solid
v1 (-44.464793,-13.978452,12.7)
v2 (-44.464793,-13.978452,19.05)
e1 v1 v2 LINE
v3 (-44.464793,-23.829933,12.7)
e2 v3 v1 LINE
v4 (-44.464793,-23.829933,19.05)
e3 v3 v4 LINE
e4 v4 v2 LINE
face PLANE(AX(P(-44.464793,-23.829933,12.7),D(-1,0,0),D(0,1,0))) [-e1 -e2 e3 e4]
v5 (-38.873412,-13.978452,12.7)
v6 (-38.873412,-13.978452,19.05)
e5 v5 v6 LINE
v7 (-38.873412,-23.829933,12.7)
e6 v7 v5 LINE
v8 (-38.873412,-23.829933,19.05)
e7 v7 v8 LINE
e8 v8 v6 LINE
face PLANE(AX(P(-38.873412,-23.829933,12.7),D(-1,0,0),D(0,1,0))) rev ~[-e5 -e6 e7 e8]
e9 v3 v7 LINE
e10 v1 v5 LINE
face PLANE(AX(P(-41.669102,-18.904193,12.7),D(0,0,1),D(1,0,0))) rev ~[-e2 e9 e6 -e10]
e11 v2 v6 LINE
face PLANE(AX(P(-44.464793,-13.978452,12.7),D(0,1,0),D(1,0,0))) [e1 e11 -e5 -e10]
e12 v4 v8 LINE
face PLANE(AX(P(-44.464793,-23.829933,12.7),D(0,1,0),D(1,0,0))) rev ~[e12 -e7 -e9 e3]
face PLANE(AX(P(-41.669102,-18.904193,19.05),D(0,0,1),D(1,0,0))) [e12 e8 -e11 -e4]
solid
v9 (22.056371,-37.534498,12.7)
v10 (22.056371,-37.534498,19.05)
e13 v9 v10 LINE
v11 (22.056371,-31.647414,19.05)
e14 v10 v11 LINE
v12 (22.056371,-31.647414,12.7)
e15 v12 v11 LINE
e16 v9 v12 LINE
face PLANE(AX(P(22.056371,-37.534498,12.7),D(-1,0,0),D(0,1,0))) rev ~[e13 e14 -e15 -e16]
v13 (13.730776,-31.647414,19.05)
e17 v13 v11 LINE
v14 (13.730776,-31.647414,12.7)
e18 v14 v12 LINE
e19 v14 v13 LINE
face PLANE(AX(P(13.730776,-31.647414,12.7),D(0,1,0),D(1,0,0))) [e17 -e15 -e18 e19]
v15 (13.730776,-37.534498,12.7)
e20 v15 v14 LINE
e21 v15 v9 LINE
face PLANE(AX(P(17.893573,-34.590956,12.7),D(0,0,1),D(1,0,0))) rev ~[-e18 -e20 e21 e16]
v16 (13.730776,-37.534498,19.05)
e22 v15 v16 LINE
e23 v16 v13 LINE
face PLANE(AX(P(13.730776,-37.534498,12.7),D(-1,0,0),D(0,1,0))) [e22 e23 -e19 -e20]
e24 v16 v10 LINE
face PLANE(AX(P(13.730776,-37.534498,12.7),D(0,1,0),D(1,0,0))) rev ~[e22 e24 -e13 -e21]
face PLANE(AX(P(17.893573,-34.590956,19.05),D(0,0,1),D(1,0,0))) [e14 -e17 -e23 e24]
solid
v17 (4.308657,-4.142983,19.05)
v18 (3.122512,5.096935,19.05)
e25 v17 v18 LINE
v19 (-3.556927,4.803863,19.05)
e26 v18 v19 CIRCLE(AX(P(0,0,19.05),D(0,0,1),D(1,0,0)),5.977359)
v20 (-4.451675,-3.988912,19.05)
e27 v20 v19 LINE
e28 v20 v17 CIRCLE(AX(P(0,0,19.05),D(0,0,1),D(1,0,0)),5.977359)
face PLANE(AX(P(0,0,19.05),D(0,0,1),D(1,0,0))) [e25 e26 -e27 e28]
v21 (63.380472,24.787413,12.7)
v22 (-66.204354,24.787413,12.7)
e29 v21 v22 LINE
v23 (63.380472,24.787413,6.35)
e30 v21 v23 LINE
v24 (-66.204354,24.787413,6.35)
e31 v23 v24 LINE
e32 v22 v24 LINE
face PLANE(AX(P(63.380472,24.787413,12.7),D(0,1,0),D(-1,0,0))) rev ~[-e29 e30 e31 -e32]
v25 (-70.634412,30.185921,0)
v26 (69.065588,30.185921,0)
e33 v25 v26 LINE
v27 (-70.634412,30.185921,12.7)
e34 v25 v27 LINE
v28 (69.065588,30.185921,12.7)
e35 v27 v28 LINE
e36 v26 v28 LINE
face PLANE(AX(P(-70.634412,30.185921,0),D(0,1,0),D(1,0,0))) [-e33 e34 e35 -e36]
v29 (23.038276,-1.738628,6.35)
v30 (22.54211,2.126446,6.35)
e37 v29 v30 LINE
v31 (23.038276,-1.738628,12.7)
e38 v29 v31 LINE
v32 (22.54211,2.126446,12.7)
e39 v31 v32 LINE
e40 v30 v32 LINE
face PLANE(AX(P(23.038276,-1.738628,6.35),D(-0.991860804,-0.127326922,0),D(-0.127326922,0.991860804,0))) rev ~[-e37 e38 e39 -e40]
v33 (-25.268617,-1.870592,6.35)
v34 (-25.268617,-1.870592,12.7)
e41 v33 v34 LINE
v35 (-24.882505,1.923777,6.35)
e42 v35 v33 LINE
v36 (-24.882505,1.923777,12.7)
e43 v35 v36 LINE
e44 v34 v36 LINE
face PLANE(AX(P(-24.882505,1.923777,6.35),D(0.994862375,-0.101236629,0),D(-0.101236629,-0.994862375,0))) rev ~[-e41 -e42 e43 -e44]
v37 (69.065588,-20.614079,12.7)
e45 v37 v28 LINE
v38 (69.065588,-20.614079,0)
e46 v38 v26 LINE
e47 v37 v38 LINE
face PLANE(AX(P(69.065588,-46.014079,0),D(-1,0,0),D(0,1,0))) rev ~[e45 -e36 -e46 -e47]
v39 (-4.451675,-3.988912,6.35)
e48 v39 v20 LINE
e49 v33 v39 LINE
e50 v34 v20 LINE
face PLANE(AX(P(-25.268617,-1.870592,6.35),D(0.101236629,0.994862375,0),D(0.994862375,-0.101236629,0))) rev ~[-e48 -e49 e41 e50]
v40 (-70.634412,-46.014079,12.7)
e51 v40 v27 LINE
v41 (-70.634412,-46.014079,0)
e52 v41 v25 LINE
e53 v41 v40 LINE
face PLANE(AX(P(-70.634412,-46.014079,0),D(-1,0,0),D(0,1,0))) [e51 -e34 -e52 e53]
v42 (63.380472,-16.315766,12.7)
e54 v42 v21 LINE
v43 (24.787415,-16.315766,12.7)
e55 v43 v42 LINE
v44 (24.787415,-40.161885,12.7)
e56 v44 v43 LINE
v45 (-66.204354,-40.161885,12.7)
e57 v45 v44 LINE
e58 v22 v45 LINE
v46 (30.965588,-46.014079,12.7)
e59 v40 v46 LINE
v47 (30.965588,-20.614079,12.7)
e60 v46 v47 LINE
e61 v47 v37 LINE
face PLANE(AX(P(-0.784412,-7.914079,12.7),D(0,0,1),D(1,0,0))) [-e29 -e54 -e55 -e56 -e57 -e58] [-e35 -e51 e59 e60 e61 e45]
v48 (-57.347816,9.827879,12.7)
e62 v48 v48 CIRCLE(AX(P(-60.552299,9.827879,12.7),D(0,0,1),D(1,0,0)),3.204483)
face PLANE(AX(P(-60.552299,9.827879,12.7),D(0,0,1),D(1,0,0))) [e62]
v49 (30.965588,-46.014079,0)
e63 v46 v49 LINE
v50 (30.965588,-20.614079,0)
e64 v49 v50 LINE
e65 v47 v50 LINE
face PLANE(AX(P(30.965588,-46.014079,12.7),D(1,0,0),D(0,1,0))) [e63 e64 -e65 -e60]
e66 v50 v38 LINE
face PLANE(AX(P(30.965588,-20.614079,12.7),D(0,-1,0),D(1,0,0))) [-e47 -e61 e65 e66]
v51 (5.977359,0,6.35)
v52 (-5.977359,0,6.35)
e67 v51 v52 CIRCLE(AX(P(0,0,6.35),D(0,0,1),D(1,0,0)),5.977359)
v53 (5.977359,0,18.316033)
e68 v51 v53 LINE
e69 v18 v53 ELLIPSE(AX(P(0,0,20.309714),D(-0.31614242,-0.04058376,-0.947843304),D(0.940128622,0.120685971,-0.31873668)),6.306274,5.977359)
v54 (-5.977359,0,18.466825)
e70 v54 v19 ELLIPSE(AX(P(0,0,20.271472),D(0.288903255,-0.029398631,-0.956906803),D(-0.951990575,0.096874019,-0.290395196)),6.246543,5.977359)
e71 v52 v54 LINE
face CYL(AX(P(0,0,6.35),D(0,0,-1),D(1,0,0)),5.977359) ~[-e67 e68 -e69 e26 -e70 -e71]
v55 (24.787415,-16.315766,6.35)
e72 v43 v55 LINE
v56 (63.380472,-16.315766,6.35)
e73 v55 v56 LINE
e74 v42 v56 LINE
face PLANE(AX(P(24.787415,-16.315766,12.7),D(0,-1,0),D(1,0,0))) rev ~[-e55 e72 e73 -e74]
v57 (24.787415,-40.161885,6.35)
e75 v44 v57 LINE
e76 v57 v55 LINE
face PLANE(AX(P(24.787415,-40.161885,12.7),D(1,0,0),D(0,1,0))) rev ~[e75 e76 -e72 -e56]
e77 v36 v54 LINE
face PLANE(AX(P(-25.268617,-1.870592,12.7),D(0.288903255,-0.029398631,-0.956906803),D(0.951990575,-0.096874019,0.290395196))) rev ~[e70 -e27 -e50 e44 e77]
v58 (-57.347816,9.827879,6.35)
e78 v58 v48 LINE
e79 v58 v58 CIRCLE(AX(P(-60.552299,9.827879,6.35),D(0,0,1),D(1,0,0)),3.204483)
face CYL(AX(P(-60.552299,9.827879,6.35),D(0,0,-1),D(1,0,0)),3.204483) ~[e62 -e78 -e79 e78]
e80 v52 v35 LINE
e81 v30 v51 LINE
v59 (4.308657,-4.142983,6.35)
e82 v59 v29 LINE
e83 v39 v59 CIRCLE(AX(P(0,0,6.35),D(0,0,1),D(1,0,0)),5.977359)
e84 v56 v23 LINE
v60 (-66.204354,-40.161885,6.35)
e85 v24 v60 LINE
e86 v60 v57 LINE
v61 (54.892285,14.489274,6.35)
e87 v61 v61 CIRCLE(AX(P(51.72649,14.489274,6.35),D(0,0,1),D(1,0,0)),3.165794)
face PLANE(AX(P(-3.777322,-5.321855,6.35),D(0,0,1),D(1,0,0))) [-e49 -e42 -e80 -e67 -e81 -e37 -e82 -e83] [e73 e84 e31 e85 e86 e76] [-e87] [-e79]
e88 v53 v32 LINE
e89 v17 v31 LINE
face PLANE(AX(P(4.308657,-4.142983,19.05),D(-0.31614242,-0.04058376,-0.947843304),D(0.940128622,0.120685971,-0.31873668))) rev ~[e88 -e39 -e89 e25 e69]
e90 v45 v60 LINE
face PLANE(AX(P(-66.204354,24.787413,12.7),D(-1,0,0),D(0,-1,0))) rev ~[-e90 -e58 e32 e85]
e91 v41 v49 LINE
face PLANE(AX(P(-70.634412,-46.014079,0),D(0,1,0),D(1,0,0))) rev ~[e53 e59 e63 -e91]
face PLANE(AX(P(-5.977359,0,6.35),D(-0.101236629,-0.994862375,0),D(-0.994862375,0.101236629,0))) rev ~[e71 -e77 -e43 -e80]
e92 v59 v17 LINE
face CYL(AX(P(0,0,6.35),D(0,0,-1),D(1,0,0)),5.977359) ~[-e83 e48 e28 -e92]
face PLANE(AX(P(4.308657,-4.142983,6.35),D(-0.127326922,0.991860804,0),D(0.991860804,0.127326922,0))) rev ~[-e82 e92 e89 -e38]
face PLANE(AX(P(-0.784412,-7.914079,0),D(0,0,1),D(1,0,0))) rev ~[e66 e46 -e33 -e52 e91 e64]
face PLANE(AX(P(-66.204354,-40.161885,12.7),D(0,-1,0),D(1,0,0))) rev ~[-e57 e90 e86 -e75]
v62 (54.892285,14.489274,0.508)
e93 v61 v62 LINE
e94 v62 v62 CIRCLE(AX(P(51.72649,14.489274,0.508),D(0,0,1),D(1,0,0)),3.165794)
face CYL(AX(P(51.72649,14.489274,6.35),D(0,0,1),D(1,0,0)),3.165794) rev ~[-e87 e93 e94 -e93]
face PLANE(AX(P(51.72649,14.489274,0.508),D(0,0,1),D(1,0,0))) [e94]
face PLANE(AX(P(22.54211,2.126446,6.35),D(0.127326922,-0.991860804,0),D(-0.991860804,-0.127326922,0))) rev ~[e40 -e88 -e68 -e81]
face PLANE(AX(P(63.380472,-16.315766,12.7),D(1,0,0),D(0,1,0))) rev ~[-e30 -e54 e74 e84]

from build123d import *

# Parameters (mm, degrees)
F0_W      = 139.7
F0_H      = 76.2
F1_DEPTH  = 12.7
F2_W      = 38.1
F2_H      = 25.4
F3_DEPTH  = 25.4
F5_DEPTH  = 6.35
F6_R      = 5.9773594724
F7_DEPTH  = 12.7
F9_DEPTH  = 12.7
F10_R     = 3.1657943016
F11_DEPTH = 5.842
F12_R     = 3.2044828245
F13_DEPTH = 6.35
F15_DEPTH = 25.4
F17_DEPTH = 25.4
F18_W     = 8.3255954087
F18_H     = 5.8870837092
F19_DEPTH = 6.35
F20_W     = 5.5913813412
F20_H     = 9.8514808342
F21_DEPTH = 6.35


with BuildPart() as f1:
    # F0 (on Top) → F1 (new body)
    with BuildSketch(Plane.XY):
        with Locations((-0.7844120264, -7.9140792828)):
            Rectangle(F0_W, F0_H)
    extrude(amount=F1_DEPTH)

    # F2 (on face) → F3 (cut)
    with BuildSketch(Plane.XY.offset(12.7)):
        with Locations((50.0155879736, -33.3140792828)):
            Rectangle(F2_W, F2_H)
    extrude(amount=-F3_DEPTH, mode=Mode.SUBTRACT)

    # F4 (on face) → F5 (cut)
    with BuildSketch(Plane.XY.offset(12.7)):
        Polygon((-66.204354167, 24.7874129564), (-66.204354167, 22.5910600275), (-66.204354167, -40.1618853211), (24.787414819, -40.1618853211), (24.787414819, -18.8258830458), (24.787414819, -16.3157656789), (63.380472362, -16.3157656789), (63.380472362, 24.7874129564), align=None)
    extrude(amount=-F5_DEPTH, mode=Mode.SUBTRACT)

    # F6 (on face) → F7 (join)
    with BuildSketch(Plane.XY.offset(6.35)):
        Circle(F6_R)
    extrude(amount=F7_DEPTH)

    # F8 (on face) → F9 (join)
    with BuildSketch(Plane.XY.offset(6.35)):
        Polygon((-4.4516748307, -3.9889118144), (-5.9773594724, 0), (-24.8825047165, 1.9237768138), (-25.2686174839, -1.870591585), align=None)
        Polygon((22.542109713, 2.1264462266), (5.9773594724, 0), (4.3086566287, -4.142982539), (23.0382761422, -1.7386282226), align=None)
    extrude(amount=F9_DEPTH)

    # F10 (on face) → F11 (cut)
    with BuildSketch(Plane.XY.offset(6.35)):
        with Locations((51.7264902592, 14.4892735407)):
            Circle(F10_R)
    extrude(amount=-F11_DEPTH, mode=Mode.SUBTRACT)

    # F12 (on face) → F13 (join)
    with BuildSketch(Plane.XY.offset(6.35)):
        with Locations((-60.5522990227, 9.8278792575)):
            Circle(F12_R)
    extrude(amount=F13_DEPTH)

    # F14 (on face) → F15 (cut)
    with BuildSketch(Plane(origin=(-0.4473738579, -4.396387201, 0), x_dir=(0.9948623749, -0.1012366287, 0), z_dir=(-0.1012366287, -0.9948623749, 0))):
        Polygon((-24.9494244149, 12.7), (-4.0249798101, 19.05), (-6.8041724153, 19.05), (-24.9494244149, 19.05), align=None)
    extrude(amount=-F15_DEPTH, mode=Mode.SUBTRACT)

    # F16 (on face) → F17 (cut)
    with BuildSketch(Plane(origin=(0.5930722484, -4.6199586642, 0), x_dir=(0.9918608042, 0.1273269222, 0), z_dir=(0.1273269222, -0.9918608042, 0))):
        Polygon((22.6293889213, 19.05), (3.7460744135, 19.05), (22.6293889213, 12.7), align=None)
    extrude(amount=-F17_DEPTH, mode=Mode.SUBTRACT)


with BuildPart() as f19:
    # F18 (on face) → F19 (new body)
    with BuildSketch(Plane.XY.offset(12.7)):
        with Locations((17.8935732692, -34.5909558237)):
            Rectangle(F18_W, F18_H)
    extrude(amount=F19_DEPTH)


with BuildPart() as f21:
    # F20 (on face) → F21 (new body)
    with BuildSketch(Plane.XY.offset(12.7)):
        with Locations((-41.6691023856, -18.9041928388)):
            Rectangle(F20_W, F20_H)
    extrude(amount=F21_DEPTH)


solid = Compound([f1.part, f19.part, f21.part])
